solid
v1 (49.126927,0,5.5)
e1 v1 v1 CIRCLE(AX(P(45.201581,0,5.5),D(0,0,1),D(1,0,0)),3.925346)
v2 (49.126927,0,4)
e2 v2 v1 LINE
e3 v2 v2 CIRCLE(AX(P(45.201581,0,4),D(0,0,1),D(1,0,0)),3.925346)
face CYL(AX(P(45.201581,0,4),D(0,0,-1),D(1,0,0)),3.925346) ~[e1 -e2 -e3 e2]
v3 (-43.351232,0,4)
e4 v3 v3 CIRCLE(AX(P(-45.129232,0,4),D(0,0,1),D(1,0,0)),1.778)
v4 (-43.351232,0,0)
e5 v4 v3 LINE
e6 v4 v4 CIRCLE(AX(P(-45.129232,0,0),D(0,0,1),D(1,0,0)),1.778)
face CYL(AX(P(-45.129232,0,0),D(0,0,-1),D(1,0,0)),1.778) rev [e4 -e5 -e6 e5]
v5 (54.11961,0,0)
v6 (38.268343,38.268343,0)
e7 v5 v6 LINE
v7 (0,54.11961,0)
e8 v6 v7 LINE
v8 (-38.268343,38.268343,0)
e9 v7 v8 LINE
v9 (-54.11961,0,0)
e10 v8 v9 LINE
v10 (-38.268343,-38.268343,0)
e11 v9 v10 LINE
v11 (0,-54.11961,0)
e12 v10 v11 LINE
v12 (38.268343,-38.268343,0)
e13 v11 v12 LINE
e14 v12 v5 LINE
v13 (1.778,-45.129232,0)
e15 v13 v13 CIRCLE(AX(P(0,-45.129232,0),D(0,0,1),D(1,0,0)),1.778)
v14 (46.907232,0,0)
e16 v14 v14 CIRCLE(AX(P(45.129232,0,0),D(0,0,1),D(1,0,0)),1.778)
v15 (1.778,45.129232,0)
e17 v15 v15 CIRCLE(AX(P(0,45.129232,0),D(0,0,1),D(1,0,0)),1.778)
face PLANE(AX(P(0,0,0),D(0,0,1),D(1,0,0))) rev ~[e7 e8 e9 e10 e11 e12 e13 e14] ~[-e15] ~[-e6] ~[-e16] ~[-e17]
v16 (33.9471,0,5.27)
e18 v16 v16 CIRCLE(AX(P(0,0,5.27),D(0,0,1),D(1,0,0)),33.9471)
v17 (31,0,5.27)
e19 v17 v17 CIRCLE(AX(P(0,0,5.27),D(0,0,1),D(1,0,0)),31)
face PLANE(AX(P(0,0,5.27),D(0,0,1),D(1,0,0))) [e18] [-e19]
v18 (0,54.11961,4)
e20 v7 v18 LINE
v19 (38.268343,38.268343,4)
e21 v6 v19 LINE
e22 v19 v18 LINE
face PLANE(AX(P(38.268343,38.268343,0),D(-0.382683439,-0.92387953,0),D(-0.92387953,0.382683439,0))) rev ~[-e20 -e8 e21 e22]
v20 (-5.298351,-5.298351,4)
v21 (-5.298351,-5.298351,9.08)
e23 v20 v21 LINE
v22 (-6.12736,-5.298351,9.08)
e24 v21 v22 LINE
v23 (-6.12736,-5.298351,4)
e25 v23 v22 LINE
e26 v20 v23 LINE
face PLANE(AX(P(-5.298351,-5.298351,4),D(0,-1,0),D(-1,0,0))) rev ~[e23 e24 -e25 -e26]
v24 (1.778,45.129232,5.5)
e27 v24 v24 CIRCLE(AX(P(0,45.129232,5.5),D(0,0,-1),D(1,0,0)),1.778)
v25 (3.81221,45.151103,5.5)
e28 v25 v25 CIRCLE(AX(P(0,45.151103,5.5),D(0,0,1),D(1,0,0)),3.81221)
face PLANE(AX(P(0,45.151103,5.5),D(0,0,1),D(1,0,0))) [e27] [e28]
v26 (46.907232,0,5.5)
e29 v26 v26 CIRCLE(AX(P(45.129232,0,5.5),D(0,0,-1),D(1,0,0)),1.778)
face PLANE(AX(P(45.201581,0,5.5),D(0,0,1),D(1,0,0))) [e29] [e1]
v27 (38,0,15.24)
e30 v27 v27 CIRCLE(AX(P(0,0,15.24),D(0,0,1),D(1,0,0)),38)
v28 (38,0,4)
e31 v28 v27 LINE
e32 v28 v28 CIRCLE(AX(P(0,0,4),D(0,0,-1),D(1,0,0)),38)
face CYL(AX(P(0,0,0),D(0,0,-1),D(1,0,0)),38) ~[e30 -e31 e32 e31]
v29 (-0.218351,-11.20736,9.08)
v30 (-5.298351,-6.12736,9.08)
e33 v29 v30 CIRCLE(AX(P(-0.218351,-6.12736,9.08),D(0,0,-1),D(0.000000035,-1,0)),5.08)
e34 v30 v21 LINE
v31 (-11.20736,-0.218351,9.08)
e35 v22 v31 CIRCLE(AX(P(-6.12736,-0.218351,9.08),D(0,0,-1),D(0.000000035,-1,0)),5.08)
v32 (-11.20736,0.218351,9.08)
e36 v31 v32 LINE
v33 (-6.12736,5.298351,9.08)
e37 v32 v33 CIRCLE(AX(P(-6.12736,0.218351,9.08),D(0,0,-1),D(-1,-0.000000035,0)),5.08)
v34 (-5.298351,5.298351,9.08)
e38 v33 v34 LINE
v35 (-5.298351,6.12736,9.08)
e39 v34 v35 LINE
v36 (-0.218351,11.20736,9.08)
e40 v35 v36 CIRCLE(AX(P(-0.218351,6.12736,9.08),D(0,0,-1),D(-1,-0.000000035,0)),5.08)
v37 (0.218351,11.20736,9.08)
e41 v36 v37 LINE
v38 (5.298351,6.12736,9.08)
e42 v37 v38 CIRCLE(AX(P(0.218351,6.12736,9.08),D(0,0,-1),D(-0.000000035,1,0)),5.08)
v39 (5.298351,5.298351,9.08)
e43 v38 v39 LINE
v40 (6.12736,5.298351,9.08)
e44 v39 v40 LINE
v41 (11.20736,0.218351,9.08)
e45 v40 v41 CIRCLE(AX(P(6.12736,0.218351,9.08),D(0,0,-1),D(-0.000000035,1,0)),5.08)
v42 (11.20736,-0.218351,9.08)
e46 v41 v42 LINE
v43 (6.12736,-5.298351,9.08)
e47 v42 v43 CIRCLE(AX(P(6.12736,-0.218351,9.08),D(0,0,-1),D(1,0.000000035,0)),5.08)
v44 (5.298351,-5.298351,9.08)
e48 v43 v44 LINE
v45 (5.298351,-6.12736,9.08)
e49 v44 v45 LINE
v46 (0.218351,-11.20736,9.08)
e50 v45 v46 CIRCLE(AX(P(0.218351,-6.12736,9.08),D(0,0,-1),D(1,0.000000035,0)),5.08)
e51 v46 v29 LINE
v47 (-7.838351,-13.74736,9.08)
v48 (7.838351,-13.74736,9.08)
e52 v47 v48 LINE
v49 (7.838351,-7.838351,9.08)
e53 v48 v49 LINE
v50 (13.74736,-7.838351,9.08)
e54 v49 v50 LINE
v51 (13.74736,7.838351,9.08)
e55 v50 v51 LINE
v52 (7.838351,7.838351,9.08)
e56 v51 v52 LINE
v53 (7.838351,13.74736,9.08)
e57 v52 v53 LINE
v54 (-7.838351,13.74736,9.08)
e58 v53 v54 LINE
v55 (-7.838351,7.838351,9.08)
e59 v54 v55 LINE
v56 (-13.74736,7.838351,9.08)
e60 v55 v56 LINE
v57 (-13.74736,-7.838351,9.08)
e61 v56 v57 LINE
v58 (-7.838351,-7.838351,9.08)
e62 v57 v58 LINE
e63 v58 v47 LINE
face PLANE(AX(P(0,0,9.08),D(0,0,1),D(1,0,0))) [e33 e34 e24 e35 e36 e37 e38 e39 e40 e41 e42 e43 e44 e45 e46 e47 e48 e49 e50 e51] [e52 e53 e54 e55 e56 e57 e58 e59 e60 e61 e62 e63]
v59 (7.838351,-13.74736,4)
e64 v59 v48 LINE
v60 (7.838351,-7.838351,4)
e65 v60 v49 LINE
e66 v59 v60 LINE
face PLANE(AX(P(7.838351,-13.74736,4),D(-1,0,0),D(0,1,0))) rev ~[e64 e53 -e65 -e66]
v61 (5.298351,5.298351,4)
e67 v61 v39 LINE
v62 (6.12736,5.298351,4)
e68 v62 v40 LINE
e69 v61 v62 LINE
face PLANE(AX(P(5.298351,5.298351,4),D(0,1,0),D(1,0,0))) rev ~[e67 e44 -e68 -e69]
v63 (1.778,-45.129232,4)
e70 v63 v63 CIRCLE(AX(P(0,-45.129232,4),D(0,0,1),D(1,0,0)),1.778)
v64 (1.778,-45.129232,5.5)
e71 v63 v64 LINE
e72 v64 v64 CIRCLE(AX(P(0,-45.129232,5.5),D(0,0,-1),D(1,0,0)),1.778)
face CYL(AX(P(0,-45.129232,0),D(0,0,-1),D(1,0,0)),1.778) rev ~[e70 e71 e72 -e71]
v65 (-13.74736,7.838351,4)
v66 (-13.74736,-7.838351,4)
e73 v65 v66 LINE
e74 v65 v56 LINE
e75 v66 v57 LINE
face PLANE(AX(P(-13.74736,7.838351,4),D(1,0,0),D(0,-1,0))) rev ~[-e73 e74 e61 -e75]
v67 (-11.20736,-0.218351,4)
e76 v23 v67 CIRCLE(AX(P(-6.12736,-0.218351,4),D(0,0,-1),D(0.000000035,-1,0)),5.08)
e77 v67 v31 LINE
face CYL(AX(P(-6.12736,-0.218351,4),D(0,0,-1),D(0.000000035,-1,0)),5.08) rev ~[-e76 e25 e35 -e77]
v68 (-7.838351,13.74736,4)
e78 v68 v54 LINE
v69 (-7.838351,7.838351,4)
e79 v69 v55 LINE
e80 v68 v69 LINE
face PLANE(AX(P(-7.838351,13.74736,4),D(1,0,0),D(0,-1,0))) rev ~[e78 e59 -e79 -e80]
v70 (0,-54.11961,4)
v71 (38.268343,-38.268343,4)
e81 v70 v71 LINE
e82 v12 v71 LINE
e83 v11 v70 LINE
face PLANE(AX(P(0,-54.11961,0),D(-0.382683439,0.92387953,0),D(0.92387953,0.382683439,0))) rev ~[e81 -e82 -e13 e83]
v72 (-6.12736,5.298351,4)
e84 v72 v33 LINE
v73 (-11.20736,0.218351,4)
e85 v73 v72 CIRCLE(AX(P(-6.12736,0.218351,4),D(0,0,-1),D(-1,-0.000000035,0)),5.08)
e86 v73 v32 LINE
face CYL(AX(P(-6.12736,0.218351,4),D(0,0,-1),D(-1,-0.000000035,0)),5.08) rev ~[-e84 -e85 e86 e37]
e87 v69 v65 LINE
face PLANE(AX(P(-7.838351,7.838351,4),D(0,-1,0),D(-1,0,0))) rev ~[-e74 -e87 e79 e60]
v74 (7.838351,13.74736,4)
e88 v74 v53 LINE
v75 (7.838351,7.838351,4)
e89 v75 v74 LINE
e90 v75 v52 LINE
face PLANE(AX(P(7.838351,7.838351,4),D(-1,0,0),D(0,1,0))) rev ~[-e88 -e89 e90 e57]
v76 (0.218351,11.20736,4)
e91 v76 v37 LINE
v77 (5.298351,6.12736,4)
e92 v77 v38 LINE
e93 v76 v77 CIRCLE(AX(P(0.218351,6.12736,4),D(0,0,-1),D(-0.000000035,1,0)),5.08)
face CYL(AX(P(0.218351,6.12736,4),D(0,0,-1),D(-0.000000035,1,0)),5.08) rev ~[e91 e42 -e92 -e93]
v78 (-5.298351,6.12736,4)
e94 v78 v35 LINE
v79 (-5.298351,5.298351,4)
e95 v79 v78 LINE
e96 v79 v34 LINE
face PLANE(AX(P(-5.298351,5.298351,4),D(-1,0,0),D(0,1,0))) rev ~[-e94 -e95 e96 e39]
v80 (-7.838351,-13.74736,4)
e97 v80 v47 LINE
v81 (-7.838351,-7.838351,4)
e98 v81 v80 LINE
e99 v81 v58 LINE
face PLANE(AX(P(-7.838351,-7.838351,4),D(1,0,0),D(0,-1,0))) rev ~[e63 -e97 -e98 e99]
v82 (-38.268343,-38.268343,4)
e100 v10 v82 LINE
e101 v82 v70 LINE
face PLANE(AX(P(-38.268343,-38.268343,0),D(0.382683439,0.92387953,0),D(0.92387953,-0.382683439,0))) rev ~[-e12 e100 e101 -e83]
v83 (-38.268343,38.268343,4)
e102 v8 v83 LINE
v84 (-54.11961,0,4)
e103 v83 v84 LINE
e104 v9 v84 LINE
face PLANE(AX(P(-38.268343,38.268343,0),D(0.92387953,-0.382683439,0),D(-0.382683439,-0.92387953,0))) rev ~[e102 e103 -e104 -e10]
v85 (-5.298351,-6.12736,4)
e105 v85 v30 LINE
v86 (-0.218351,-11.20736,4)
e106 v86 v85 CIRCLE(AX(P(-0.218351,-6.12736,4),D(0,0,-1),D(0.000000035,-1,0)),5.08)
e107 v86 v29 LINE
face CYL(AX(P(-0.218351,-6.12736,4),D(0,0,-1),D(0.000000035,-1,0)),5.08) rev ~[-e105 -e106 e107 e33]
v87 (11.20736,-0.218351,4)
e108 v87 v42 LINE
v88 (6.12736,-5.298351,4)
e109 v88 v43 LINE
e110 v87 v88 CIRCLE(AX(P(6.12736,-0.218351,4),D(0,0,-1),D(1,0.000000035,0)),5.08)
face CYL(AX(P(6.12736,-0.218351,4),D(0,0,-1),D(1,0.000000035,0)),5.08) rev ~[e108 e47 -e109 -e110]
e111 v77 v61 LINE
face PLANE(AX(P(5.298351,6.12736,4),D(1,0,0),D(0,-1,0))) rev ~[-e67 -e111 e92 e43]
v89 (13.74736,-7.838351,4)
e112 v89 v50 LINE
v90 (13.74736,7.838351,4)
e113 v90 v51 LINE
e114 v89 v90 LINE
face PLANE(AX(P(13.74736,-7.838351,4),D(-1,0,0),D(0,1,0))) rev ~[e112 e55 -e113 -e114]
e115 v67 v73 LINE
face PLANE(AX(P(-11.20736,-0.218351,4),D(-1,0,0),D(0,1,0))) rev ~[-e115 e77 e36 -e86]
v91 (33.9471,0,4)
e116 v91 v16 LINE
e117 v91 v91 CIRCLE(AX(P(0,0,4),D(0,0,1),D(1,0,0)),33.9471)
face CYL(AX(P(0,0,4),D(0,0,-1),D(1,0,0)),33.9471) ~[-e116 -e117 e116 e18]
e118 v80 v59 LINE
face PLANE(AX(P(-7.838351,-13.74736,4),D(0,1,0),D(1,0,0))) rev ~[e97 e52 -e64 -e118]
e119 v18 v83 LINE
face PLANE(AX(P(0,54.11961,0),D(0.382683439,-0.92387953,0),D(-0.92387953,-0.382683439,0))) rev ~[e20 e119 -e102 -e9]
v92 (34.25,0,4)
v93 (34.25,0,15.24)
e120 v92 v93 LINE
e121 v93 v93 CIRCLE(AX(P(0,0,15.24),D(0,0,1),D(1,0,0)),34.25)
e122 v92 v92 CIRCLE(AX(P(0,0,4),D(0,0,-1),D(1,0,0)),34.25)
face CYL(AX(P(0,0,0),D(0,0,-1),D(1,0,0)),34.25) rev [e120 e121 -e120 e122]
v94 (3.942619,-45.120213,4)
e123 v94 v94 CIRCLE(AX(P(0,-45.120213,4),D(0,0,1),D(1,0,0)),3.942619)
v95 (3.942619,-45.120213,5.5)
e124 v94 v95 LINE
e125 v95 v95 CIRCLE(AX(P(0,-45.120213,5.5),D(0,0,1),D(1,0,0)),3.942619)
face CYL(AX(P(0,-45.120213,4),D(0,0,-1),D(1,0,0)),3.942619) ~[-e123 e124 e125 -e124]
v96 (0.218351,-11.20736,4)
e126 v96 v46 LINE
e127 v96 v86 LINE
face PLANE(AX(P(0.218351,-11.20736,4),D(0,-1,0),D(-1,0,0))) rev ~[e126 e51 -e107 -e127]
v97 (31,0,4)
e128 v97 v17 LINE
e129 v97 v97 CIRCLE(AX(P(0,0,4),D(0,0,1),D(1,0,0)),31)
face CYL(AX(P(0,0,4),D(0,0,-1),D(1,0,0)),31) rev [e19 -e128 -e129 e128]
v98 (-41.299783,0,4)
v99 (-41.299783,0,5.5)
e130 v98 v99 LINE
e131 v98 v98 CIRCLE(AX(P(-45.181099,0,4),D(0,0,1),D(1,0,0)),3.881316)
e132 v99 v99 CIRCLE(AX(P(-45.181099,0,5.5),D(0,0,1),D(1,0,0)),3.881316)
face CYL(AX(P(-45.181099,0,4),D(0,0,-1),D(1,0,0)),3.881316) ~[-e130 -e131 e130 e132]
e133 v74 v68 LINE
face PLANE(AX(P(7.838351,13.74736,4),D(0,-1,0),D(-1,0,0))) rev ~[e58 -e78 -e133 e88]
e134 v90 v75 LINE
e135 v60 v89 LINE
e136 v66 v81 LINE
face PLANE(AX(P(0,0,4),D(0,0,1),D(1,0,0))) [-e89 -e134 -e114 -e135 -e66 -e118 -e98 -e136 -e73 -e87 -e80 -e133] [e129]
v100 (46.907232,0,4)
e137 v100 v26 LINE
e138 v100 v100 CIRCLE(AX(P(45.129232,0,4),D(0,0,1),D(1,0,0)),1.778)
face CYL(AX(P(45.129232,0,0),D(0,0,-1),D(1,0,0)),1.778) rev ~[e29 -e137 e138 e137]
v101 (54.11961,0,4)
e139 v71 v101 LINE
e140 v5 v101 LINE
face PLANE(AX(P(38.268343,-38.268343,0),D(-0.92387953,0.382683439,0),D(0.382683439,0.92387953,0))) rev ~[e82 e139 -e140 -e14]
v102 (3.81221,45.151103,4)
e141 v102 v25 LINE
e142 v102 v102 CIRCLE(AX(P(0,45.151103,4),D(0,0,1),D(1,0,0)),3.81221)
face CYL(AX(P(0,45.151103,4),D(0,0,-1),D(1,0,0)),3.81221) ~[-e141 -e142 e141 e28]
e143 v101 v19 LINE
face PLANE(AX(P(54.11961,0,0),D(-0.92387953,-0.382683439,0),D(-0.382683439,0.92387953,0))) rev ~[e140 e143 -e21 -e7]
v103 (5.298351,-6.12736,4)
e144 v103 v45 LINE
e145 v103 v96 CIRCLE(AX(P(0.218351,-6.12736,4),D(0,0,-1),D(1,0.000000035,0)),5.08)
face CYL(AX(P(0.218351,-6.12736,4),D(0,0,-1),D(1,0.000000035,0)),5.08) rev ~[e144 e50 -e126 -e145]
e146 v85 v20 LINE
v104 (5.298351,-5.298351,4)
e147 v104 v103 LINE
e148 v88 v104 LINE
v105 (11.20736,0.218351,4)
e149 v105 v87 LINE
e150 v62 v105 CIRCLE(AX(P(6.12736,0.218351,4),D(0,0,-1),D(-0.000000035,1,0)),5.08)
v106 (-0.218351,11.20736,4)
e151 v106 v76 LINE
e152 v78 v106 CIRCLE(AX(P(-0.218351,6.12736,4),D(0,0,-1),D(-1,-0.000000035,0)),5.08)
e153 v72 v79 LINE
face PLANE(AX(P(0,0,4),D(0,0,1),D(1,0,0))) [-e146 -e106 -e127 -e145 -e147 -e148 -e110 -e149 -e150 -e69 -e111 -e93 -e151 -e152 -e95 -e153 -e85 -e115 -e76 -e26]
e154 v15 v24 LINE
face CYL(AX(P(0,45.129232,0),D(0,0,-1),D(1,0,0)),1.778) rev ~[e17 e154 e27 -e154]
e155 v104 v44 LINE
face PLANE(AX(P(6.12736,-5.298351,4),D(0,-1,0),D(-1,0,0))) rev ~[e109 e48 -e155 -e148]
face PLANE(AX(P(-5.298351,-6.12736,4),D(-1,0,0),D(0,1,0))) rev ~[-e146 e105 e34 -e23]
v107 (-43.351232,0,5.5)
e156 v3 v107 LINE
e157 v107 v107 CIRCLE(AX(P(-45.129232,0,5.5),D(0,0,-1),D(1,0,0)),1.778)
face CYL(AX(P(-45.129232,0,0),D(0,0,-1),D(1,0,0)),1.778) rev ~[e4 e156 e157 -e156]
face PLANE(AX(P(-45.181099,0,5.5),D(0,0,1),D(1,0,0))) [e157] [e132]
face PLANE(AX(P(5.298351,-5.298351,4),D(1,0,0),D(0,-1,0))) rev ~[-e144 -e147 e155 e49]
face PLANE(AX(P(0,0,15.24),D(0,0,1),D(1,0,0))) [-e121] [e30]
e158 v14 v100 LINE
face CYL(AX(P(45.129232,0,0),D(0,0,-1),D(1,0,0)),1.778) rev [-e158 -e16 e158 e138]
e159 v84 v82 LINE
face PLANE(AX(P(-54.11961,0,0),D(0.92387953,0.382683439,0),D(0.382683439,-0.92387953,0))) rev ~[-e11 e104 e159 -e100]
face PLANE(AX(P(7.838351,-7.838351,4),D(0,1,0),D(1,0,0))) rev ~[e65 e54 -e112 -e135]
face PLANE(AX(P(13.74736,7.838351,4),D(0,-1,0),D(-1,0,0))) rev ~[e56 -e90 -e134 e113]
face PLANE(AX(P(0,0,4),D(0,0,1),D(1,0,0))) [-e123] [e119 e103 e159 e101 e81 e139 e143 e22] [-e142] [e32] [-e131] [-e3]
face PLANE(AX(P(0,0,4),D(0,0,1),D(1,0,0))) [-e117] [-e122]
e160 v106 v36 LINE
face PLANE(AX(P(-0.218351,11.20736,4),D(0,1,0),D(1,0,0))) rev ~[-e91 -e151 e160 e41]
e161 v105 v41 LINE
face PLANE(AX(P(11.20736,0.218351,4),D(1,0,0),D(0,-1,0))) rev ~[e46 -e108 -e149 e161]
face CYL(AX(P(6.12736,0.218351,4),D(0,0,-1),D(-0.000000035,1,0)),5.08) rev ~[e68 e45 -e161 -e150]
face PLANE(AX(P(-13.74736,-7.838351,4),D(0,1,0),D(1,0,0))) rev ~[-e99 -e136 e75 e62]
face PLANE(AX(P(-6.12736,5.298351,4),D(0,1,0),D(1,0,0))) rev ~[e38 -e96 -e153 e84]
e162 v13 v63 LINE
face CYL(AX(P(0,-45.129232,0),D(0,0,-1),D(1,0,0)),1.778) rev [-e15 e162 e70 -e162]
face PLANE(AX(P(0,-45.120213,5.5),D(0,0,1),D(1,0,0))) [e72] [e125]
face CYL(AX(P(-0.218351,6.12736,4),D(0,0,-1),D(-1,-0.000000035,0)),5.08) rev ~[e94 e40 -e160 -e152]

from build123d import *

# Parameters (mm, degrees)
F0_R      = 1.778
F1_DEPTH  = 4
F2_R      = 38
F2_R_2    = 34.25
F3_DEPTH  = 15.24
F4_R      = 33.9471
F4_R_2    = 31
F5_DEPTH  = 1.27
F7_DEPTH  = 5.08
F8_R      = 3.81221
F8_R_2    = 3.881316
F8_R_3    = 3.942619
F8_R_4    = 3.925346
F9_DEPTH  = 1.5
F10_R     = 1.778
F11_DEPTH = 25.4


with BuildPart() as f1:
    # F0 (on Top) → F1 (new body)
    with BuildSketch(Plane.XY):
        Polygon((38.268343, -38.268343), (54.11961, 0), (38.268343, 38.268343), (0, 54.11961), (-38.268343, 38.268343), (-54.11961, 0), (-38.268343, -38.268343), (0, -54.11961), align=None)
        with Locations((0, -45.129232)):
            Circle(F0_R, mode=Mode.SUBTRACT)
        with Locations((-45.129232, 0)):
            Circle(F0_R, mode=Mode.SUBTRACT)
        with Locations((45.129232, 0)):
            Circle(F0_R, mode=Mode.SUBTRACT)
        with Locations((0, 45.129232)):
            Circle(F0_R, mode=Mode.SUBTRACT)
    extrude(amount=F1_DEPTH)

    # F2 (on Top) → F3 (join)
    with BuildSketch(Plane.XY):
        Circle(F2_R)
        Circle(F2_R_2, mode=Mode.SUBTRACT)
    extrude(amount=F3_DEPTH)

    # F4 (on face) → F5 (join)
    with BuildSketch(Plane.XY.offset(4)):
        Circle(F4_R)
        Circle(F4_R_2, mode=Mode.SUBTRACT)
    extrude(amount=F5_DEPTH)

    # F6 (on face) → F7 (join)
    with BuildSketch(Plane.XY.offset(4)):
        Polygon((7.838351, 13.74736), (-7.838351, 13.74736), (-7.838351, 11.297162), (-7.838351, 7.838351), (-11.297162, 7.838351), (-13.74736, 7.838351), (-13.74736, -7.838351), (-11.117557, -7.838351), (-7.838351, -7.838351), (-7.838351, -11.117557), (-7.838351, -13.74736), (7.838351, -13.74736), (7.838351, -11.297162), (7.838351, -7.838351), (11.297162, -7.838351), (13.74736, -7.838351), (13.74736, 7.838351), (11.117557, 7.838351), (7.838351, 7.838351), (7.838351, 11.117557), align=None)
        with BuildLine():
            ThreePointArc((-5.298351, 6.12736), (-3.810454, 9.719462), (-0.218351, 11.20736))
            Line((-0.218351, 11.20736), (0.218351, 11.20736))
            ThreePointArc((0.218351, 11.20736), (3.810454, 9.719462), (5.298351, 6.12736))
            Line((5.298351, 6.12736), (5.298351, 5.298351))
            Line((5.298351, 5.298351), (6.12736, 5.298351))
            ThreePointArc((6.12736, 5.298351), (9.719462, 3.810454), (11.20736, 0.218351))
            Line((11.20736, 0.218351), (11.20736, -0.218351))
            ThreePointArc((11.20736, -0.218351), (9.719462, -3.810454), (6.12736, -5.298351))
            Line((6.12736, -5.298351), (5.298351, -5.298351))
            Line((5.298351, -5.298351), (5.298351, -6.12736))
            ThreePointArc((5.298351, -6.12736), (3.810454, -9.719462), (0.218351, -11.20736))
            Line((0.218351, -11.20736), (-0.218351, -11.20736))
            ThreePointArc((-0.218351, -11.20736), (-3.810454, -9.719462), (-5.298351, -6.12736))
            Line((-5.298351, -6.12736), (-5.298351, -5.298351))
            Line((-5.298351, -5.298351), (-6.12736, -5.298351))
            ThreePointArc((-6.12736, -5.298351), (-9.719462, -3.810454), (-11.20736, -0.218351))
            Line((-11.20736, -0.218351), (-11.20736, 0.218351))
            ThreePointArc((-11.20736, 0.218351), (-9.719462, 3.810454), (-6.12736, 5.298351))
            Line((-6.12736, 5.298351), (-5.298351, 5.298351))
            Line((-5.298351, 5.298351), (-5.298351, 6.12736))
        make_face(mode=Mode.SUBTRACT)
    extrude(amount=F7_DEPTH)

    # F8 (on face) → F9 (join)
    with BuildSketch(Plane.XY.offset(4)):
        with Locations((0, 45.151103)):
            Circle(F8_R)
        with Locations((-45.181099, 0)):
            Circle(F8_R_2)
        with Locations((0, -45.120213)):
            Circle(F8_R_3)
        with Locations((45.201581, 0)):
            Circle(F8_R_4)
    extrude(amount=F9_DEPTH)

    # F10 (on face) → F11 (cut)
    with BuildSketch(Plane(origin=(0, 0, 0), x_dir=(1, 0, 0), z_dir=(0, 0, -1))):
        with Locations((45.129232, 0)):
            Circle(F10_R)
        with Locations((0, -45.129232)):
            Circle(F10_R)
        with Locations((-45.129232, 0)):
            Circle(F10_R)
        with Locations((0, 45.129232)):
            Circle(F10_R)
    extrude(amount=-F11_DEPTH, mode=Mode.SUBTRACT)


solid = f1.part
